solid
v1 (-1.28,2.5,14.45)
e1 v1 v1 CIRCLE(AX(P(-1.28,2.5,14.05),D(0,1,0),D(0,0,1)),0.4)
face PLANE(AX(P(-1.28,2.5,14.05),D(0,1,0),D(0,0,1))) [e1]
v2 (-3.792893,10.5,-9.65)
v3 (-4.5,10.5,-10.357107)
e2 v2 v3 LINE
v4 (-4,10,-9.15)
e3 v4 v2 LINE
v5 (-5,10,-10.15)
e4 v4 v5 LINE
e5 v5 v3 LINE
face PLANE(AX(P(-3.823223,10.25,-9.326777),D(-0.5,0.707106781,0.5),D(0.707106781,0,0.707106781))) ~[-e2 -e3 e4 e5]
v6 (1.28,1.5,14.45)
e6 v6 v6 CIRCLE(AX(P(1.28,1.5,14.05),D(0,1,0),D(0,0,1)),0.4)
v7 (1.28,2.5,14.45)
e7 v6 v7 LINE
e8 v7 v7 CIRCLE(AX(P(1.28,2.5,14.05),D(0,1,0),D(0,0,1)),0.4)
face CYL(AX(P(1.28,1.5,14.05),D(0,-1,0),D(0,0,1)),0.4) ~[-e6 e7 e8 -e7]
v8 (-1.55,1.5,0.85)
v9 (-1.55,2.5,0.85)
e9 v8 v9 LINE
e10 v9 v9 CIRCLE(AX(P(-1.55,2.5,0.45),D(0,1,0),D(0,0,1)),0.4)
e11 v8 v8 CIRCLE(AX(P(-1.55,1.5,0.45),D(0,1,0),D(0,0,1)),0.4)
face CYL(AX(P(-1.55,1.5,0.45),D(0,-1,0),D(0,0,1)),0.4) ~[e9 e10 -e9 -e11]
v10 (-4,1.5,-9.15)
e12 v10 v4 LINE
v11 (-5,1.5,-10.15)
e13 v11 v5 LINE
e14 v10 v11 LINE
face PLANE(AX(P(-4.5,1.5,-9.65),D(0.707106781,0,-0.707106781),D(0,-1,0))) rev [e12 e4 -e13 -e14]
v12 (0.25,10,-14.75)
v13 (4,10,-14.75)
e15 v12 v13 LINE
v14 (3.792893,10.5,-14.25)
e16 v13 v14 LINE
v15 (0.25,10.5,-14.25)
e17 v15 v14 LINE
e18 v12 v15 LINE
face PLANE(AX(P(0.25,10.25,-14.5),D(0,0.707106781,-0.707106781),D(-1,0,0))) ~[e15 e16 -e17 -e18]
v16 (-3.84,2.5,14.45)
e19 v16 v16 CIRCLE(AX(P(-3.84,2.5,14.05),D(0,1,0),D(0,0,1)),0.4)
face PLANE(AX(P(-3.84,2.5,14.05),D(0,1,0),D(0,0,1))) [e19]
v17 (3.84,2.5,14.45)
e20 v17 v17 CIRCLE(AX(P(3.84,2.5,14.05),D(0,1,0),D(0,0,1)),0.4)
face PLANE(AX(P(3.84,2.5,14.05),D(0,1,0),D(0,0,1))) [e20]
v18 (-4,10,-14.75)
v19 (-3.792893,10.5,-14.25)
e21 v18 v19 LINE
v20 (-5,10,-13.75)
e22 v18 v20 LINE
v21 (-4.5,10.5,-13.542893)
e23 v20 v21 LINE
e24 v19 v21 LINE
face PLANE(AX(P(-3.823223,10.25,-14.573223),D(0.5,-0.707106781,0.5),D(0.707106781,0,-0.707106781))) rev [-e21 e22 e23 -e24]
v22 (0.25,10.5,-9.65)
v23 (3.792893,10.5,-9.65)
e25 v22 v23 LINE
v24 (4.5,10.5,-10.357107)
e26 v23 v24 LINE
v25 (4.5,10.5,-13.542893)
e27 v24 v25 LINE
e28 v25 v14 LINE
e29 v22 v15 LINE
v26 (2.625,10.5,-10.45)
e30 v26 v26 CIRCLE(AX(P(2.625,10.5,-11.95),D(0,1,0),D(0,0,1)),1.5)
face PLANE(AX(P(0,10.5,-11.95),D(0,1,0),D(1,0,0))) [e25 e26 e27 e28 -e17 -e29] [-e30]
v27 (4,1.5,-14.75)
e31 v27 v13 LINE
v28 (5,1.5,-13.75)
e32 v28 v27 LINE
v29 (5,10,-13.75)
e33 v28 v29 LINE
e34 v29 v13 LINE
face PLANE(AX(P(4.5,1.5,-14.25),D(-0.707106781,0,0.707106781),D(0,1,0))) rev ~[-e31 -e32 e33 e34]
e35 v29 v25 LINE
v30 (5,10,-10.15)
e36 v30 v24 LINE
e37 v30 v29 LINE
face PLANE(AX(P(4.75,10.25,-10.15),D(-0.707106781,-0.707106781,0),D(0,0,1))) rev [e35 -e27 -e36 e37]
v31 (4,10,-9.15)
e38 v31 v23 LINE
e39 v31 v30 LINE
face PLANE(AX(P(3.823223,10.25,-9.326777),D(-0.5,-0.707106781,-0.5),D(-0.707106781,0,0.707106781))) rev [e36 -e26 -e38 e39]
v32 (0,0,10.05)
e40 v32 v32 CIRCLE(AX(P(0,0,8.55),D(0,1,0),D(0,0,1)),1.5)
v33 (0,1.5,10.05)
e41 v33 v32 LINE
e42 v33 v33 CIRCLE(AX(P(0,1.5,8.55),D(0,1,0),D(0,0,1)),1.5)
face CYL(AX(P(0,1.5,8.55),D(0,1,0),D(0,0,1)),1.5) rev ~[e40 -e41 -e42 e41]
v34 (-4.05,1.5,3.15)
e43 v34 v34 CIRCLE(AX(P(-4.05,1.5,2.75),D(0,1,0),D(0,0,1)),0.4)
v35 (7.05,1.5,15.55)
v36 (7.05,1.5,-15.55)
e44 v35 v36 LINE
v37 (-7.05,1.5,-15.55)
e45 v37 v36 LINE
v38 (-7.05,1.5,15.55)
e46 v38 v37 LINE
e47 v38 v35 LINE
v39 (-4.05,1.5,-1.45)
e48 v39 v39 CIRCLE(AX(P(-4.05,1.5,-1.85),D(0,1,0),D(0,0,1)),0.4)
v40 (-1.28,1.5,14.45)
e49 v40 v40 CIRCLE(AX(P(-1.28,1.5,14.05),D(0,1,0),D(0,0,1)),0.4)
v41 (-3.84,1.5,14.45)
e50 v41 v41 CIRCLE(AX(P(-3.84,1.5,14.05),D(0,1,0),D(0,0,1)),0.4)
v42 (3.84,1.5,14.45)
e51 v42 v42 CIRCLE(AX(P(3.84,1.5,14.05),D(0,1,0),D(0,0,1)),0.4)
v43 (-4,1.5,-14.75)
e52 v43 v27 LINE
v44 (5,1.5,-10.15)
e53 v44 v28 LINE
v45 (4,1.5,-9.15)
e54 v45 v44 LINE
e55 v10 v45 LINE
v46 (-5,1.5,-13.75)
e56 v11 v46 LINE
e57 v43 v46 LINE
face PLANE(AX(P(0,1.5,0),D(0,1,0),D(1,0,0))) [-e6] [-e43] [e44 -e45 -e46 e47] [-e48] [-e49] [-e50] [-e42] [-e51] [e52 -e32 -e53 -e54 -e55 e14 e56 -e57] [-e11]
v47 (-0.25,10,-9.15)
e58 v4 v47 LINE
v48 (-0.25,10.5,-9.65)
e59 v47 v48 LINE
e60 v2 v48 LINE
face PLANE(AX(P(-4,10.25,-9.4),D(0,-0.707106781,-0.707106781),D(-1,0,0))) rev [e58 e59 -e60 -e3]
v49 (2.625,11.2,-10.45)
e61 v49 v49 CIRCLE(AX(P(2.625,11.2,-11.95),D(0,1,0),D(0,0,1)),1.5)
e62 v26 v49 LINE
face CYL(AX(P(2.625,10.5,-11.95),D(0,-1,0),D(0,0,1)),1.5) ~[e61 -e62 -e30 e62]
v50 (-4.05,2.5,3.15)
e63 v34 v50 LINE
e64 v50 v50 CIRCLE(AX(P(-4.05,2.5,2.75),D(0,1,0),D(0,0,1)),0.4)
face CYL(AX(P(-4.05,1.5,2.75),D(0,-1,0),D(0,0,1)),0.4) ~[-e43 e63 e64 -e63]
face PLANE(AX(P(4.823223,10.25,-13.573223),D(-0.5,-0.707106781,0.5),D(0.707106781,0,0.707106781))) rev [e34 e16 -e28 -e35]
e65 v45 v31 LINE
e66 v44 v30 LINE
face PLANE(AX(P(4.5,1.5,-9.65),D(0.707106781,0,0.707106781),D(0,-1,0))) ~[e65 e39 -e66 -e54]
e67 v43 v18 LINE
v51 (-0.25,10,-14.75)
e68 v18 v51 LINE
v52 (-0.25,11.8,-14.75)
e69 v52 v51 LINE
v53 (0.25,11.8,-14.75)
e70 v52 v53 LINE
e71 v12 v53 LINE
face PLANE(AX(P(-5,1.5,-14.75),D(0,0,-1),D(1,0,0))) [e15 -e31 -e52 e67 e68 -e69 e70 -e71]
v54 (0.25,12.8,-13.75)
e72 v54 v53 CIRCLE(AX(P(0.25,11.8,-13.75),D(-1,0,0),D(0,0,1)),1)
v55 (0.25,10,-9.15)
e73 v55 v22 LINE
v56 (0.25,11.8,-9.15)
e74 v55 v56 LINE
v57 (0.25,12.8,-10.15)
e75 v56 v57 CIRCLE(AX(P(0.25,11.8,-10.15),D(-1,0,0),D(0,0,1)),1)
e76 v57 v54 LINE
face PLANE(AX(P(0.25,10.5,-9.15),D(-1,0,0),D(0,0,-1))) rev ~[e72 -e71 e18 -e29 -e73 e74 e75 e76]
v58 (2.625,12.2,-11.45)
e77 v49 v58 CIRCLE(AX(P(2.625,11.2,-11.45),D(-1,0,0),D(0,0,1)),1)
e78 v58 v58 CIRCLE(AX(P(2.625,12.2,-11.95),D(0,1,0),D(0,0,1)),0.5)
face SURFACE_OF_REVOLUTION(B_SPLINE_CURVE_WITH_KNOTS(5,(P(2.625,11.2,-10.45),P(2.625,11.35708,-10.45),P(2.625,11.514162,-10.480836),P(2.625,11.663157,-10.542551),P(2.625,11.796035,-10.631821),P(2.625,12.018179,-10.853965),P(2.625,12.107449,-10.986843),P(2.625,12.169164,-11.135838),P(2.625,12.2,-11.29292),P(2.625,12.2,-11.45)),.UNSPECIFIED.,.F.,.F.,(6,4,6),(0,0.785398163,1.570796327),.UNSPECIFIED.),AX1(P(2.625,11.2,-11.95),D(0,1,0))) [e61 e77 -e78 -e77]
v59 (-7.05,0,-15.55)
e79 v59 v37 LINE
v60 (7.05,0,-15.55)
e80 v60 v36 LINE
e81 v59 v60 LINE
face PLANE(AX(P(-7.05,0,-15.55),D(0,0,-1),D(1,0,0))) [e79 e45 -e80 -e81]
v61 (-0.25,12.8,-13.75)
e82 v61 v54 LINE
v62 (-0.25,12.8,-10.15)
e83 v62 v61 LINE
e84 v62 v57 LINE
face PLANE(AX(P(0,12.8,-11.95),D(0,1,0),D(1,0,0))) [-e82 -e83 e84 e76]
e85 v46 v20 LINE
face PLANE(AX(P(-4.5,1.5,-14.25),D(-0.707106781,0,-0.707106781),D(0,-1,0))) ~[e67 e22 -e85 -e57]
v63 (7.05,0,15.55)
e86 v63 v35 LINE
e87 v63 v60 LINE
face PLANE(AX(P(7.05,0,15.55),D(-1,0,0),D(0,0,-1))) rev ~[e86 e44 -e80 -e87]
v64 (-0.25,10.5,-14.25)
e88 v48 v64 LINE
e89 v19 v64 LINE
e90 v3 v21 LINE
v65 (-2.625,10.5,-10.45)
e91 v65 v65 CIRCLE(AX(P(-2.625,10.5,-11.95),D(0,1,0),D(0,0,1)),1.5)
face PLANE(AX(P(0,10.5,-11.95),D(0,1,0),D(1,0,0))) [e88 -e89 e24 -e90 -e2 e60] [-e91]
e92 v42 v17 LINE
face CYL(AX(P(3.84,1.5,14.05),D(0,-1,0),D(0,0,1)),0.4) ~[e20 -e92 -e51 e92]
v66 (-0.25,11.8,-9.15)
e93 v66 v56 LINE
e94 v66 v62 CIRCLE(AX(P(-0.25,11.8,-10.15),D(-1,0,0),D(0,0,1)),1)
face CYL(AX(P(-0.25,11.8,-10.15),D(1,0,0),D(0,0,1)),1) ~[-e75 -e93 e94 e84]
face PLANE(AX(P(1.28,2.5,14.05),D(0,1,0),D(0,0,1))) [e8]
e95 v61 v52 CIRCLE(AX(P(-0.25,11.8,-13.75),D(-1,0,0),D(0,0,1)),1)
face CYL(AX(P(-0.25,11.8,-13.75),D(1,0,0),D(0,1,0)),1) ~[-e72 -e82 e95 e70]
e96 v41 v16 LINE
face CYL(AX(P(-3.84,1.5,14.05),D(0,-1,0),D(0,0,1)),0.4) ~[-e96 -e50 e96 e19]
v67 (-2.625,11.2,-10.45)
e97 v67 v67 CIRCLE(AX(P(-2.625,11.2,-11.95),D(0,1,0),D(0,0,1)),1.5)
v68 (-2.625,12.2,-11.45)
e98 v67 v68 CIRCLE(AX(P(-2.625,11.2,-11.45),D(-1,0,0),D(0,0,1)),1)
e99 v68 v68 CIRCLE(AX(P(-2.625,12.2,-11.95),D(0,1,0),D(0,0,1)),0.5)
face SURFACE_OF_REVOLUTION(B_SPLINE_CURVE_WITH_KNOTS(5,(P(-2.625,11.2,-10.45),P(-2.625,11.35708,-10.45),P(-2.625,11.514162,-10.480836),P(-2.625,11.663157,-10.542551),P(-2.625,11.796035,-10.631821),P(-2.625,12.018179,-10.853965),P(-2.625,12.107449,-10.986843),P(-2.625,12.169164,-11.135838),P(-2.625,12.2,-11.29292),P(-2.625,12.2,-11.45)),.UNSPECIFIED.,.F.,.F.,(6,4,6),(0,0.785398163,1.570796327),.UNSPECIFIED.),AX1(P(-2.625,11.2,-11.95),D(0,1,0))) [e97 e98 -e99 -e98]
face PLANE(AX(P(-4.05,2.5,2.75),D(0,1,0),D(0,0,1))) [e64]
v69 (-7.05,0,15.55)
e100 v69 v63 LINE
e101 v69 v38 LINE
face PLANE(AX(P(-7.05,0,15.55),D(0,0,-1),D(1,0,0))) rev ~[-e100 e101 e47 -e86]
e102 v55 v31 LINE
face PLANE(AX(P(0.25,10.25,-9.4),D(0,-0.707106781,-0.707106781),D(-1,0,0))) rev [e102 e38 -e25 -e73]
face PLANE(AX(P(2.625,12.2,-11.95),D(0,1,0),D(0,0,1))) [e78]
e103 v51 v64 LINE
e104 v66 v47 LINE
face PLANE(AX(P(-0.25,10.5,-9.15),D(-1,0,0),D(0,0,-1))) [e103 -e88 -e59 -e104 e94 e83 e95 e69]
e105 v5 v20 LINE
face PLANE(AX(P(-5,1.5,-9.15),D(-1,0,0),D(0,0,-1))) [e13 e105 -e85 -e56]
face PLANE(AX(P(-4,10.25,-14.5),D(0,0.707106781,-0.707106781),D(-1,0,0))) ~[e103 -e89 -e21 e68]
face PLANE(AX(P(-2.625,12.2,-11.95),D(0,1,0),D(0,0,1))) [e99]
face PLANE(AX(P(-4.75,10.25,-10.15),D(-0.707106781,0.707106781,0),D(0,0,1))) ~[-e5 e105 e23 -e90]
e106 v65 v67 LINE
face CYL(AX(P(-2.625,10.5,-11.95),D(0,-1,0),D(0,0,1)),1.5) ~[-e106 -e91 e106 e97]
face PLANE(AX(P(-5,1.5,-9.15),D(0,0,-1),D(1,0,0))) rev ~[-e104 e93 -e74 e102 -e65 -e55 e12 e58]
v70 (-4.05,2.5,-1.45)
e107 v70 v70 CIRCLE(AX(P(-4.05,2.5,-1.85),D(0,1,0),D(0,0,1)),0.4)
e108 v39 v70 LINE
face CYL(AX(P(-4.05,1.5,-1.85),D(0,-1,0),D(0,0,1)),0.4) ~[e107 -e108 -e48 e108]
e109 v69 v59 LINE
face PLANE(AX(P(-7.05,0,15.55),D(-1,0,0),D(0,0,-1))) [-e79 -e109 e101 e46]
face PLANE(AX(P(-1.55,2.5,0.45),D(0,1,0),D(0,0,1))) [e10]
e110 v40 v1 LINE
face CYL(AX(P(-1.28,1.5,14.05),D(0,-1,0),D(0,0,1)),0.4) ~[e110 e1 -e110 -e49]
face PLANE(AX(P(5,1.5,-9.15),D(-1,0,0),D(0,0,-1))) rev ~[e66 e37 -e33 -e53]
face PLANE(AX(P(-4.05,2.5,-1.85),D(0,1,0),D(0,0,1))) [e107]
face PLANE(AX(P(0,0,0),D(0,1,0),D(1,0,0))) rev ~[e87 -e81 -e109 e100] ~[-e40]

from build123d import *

# Parameters (mm, degrees)
SKETCH1_W           = 14.1
SKETCH1_H           = 31.1
BOSS_EXTRUDE1_DEPTH = 1.5
SKETCH2_W           = 10
SKETCH2_H           = 5.6
BOSS_EXTRUDE2_DEPTH = 9
SKETCH3_W           = 0.5
SKETCH3_H           = 5.6
BOSS_EXTRUDE3_DEPTH = 2.3
SKETCH4_R           = 1.5
BOSS_EXTRUDE4_DEPTH = 1.7
CHAMFER1_SIZE       = 1
CHAMFER2_SIZE       = 0.5
FILLET1_R           = 1
FILLET2_R           = 1
SKETCH5_R           = 0.4
BOSS_EXTRUDE5_DEPTH = 1
SKETCH6_R           = 1.5
CUT_EXTRUDE1_DEPTH  = 11


with BuildPart() as part:
    # Sketch1 → Boss-Extrude1 (new body)
    with BuildSketch(Plane(origin=(0, 0, 0), x_dir=(1, 0, 0), z_dir=(0, 1, 0))):
        Rectangle(SKETCH1_W, SKETCH1_H)
    extrude(amount=BOSS_EXTRUDE1_DEPTH)

    # Sketch2 → Boss-Extrude2 (add)
    with BuildSketch(Plane(origin=(0, 1.5, 0), x_dir=(1, 0, 0), z_dir=(0, 1, 0))):
        with Locations((0, 11.95)):
            Rectangle(SKETCH2_W, SKETCH2_H)
    extrude(amount=BOSS_EXTRUDE2_DEPTH)

    # Sketch3 → Boss-Extrude3 (add)
    with BuildSketch(Plane(origin=(0, 10.5, 0), x_dir=(1, 0, 0), z_dir=(0, 1, 0))):
        with Locations((0, 11.95)):
            Rectangle(SKETCH3_W, SKETCH3_H)
    extrude(amount=BOSS_EXTRUDE3_DEPTH)

    # Sketch4 → Boss-Extrude4 (add)
    with BuildSketch(Plane(origin=(0, 10.5, 0), x_dir=(1, 0, 0), z_dir=(0, 1, 0))):
        with Locations(Location((-2.625, 11.95, 0), (0, 0, 270))):
            Circle(SKETCH4_R)
        with Locations(Location((2.625, 11.95, 0), (0, 0, 270))):
            Circle(SKETCH4_R)
    extrude(amount=BOSS_EXTRUDE4_DEPTH)

    # Chamfer1
    chamfer1_edges = [part.edges().sort_by_distance(p)[0] for p in [
        (5, 6, -9.15),
        (5, 6, -14.75),
        (-5, 6, -14.75),
        (-5, 6, -9.15),
    ]]
    chamfer(chamfer1_edges, length=CHAMFER1_SIZE)

    # Chamfer2
    chamfer2_edges = [part.edges().sort_by_distance(p)[0] for p in [
        (-2.125, 10.5, -14.75),
        (2.125, 10.5, -9.15),
        (-5, 10.5, -11.95),
        (2.125, 10.5, -14.75),
        (-2.125, 10.5, -9.15),
        (-4.5, 10.5, -9.65),
        (-4.5, 10.5, -14.25),
        (5, 10.5, -11.95),
        (4.5, 10.5, -14.25),
        (4.5, 10.5, -9.65),
    ]]
    chamfer(chamfer2_edges, length=CHAMFER2_SIZE)

    # Fillet1
    fillet1_edges = [part.edges().sort_by_distance(p)[0] for p in [
        (-2.625, 12.2, -13.45),
        (2.625, 12.2, -13.45),
    ]]
    fillet(fillet1_edges, radius=FILLET1_R)

    # Fillet2
    fillet2_edges = [part.edges().sort_by_distance(p)[0] for p in [
        (0, 12.8, -14.75),
        (0, 12.8, -9.15),
    ]]
    fillet(fillet2_edges, radius=FILLET2_R)

    # Sketch5 → Boss-Extrude5 (add)
    with BuildSketch(Plane(origin=(0, 1.5, 0), x_dir=(1, 0, 0), z_dir=(0, 1, 0))):
        with Locations(Location((-4.05, 1.85, 0), (0, 0, 270))):
            Circle(SKETCH5_R)
        with Locations(Location((-1.55, -0.45, 0), (0, 0, 270))):
            Circle(SKETCH5_R)
        with Locations(Location((-4.05, -2.75, 0), (0, 0, 270))):
            Circle(SKETCH5_R)
        with Locations(Location((-3.84, -14.05, 0), (0, 0, 270))):
            Circle(SKETCH5_R)
        with Locations(Location((-1.28, -14.05, 0), (0, 0, 270))):
            Circle(SKETCH5_R)
        with Locations(Location((1.28, -14.05, 0), (0, 0, 270))):
            Circle(SKETCH5_R)
        with Locations(Location((3.84, -14.05, 0), (0, 0, 270))):
            Circle(SKETCH5_R)
    extrude(amount=BOSS_EXTRUDE5_DEPTH)

    # Sketch6 → Cut-Extrude1 (cut)
    with BuildSketch(Plane(origin=(0, 1.5, 0), x_dir=(1, 0, 0), z_dir=(0, 1, 0))):
        with Locations(Location((0, -8.55, 0), (0, 0, 270))):
            Circle(SKETCH6_R)
    extrude(amount=-CUT_EXTRUDE1_DEPTH, mode=Mode.SUBTRACT)


solid = part.part
